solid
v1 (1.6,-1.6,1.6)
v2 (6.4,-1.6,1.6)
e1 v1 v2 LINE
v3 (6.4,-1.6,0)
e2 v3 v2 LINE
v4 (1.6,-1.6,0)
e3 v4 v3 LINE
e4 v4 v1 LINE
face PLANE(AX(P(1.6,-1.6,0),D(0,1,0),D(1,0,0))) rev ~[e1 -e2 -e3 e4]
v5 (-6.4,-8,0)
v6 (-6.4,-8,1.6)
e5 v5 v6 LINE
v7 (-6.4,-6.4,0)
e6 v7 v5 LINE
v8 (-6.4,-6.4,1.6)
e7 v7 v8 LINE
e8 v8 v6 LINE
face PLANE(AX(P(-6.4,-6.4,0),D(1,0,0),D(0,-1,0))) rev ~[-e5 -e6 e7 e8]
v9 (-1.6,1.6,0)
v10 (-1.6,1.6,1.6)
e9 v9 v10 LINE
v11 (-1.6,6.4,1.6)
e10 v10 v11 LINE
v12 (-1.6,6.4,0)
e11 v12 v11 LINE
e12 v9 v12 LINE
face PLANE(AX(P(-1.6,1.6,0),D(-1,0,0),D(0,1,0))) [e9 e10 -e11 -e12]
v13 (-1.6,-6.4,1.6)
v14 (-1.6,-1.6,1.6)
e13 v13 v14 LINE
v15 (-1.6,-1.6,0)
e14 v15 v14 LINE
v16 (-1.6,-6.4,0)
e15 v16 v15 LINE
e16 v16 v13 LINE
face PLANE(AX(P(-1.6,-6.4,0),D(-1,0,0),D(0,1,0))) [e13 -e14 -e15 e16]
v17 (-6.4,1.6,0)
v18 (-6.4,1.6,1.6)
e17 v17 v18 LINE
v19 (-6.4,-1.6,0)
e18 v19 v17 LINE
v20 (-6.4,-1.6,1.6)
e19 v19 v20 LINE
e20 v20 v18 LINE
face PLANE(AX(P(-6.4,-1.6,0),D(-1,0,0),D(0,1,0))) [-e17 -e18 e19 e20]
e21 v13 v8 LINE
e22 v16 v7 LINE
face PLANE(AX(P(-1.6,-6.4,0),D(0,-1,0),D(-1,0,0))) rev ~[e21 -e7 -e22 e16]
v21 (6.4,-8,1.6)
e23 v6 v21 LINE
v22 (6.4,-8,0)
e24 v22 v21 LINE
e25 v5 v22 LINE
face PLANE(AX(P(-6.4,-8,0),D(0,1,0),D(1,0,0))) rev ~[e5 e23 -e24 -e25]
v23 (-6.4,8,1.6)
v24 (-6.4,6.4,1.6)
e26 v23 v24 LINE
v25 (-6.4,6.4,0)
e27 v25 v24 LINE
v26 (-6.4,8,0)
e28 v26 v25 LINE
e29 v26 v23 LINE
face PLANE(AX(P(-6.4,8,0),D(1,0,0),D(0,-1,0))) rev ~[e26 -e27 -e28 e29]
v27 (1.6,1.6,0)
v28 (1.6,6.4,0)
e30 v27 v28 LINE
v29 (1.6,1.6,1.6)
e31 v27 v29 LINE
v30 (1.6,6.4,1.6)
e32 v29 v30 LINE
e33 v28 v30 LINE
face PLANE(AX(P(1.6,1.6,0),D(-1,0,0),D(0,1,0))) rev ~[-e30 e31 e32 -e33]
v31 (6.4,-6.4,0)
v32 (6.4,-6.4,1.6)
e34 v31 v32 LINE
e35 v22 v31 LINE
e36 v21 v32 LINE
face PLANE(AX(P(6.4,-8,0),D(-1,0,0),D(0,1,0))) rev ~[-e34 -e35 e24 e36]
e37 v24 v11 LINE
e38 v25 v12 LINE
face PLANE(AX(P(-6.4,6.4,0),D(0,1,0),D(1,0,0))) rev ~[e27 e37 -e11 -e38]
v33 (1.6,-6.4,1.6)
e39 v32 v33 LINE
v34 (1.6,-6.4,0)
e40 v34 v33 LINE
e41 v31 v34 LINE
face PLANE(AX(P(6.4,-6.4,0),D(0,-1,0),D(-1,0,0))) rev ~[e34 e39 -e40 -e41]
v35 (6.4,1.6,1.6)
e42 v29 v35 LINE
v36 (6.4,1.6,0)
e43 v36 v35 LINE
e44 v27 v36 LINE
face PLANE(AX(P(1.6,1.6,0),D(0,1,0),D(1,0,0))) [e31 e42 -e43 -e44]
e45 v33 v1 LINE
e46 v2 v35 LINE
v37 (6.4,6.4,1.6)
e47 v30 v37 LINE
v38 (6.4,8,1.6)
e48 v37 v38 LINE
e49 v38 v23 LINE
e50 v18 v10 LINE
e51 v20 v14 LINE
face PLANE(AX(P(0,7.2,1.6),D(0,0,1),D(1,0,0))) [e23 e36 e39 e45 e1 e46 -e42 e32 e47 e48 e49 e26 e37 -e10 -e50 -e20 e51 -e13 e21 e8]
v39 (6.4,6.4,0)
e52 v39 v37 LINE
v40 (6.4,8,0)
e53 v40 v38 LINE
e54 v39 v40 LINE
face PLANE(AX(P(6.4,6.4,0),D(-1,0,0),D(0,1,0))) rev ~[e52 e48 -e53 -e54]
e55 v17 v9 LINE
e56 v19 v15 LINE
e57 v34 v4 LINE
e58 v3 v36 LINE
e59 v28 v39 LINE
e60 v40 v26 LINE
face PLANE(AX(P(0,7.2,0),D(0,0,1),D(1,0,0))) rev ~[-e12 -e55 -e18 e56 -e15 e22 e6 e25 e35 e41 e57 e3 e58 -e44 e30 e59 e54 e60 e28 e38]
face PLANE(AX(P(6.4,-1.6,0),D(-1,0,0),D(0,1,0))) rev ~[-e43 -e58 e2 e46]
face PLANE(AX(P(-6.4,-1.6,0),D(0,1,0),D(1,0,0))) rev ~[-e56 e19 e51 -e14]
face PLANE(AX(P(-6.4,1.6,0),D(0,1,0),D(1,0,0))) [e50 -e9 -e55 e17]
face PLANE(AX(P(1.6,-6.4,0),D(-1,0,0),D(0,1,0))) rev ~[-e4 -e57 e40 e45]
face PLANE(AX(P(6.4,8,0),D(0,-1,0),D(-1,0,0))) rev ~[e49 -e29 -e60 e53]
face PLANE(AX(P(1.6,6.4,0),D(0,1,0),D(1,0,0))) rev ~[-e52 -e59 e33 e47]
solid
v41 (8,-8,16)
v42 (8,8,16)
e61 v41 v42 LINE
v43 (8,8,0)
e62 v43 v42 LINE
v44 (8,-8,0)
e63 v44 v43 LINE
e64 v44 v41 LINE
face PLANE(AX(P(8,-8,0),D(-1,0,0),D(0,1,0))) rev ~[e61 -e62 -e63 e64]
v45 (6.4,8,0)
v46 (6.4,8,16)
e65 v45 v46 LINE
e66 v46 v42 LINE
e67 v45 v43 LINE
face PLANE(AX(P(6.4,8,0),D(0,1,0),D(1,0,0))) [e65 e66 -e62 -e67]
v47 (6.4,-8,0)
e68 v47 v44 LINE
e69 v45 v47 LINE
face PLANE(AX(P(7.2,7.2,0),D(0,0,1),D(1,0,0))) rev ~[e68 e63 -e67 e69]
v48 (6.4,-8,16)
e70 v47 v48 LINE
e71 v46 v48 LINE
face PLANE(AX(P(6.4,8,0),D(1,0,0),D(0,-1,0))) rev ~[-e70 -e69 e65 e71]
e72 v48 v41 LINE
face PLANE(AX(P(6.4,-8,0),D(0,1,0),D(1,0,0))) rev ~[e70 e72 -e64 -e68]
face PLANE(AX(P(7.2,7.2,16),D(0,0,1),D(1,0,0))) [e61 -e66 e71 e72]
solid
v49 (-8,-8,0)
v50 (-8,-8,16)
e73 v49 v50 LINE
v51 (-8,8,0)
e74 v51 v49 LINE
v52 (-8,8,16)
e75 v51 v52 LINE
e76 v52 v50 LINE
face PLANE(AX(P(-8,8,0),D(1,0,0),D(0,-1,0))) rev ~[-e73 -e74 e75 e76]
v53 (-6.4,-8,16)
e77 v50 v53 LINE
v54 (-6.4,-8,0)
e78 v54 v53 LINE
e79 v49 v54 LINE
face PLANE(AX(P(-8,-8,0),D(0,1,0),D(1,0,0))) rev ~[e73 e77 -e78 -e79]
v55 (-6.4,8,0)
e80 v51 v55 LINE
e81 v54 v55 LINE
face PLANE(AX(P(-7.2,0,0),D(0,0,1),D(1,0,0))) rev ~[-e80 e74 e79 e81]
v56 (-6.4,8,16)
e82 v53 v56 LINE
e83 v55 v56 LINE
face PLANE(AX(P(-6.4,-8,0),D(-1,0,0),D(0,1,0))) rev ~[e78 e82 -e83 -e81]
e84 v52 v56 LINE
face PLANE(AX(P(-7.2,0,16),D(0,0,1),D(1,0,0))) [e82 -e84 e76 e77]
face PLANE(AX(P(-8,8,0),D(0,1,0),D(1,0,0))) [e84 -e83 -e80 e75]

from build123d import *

# Parameters (mm, degrees)
F1_W     = 1.6
F1_H     = 1.6
F2_DEPTH = 16
F1_W_2   = 3.2
F1_H_2   = 4.8
F1_W_3   = 4.8
F1_H_3   = 3.2
F3_DEPTH = 1.6


with BuildPart() as f2:
    # F1 (on Top) → F2 (new body)
    with BuildSketch(Plane.XY):
        Polygon((-6.4, 1.6), (-6.4, 6.4), (-8, 6.4), (-8, -6.4), (-6.4, -6.4), (-6.4, -1.6), align=None)
        with Locations((-7.2, -7.2)):
            Rectangle(F1_W, F1_H)
        with Locations((-7.2, 7.2)):
            Rectangle(F1_W, F1_H)
    extrude(amount=F2_DEPTH)


with BuildPart() as f2b:
    # F1 (on Top) → F2, piece 2 (new body)
    with BuildSketch(Plane.XY):
        with Locations((7.2, 7.2)):
            Rectangle(F1_W, F1_H)
        Polygon((8, -6.4), (8, 6.4), (6.4, 6.4), (6.4, 1.6), (6.4, -1.6), (6.4, -6.4), align=None)
        with Locations((7.2, -7.2)):
            Rectangle(F1_W, F1_H)
    extrude(amount=F2_DEPTH)


with BuildPart() as f3:
    # F1 (on Top) → F3 (new body)
    with BuildSketch(Plane.XY):
        Polygon((6.4, 6.4), (6.4, 8), (-6.4, 8), (-6.4, 6.4), (-1.6, 6.4), (1.6, 6.4), align=None)
        Polygon((6.4, -8), (6.4, -6.4), (1.6, -6.4), (-1.6, -6.4), (-6.4, -6.4), (-6.4, -8), align=None)
        with Locations((0, 4)):
            Rectangle(F1_W_2, F1_H_2)
        with Locations((-4, 0)):
            Rectangle(F1_W_3, F1_H_3)
        Rectangle(F1_W_2, F1_H_3)
        with Locations((4, 0)):
            Rectangle(F1_W_3, F1_H_3)
        with Locations((0, -4)):
            Rectangle(F1_W_2, F1_H_2)
    extrude(amount=F3_DEPTH)


solid = Compound([f2.part, f2b.part, f3.part])
